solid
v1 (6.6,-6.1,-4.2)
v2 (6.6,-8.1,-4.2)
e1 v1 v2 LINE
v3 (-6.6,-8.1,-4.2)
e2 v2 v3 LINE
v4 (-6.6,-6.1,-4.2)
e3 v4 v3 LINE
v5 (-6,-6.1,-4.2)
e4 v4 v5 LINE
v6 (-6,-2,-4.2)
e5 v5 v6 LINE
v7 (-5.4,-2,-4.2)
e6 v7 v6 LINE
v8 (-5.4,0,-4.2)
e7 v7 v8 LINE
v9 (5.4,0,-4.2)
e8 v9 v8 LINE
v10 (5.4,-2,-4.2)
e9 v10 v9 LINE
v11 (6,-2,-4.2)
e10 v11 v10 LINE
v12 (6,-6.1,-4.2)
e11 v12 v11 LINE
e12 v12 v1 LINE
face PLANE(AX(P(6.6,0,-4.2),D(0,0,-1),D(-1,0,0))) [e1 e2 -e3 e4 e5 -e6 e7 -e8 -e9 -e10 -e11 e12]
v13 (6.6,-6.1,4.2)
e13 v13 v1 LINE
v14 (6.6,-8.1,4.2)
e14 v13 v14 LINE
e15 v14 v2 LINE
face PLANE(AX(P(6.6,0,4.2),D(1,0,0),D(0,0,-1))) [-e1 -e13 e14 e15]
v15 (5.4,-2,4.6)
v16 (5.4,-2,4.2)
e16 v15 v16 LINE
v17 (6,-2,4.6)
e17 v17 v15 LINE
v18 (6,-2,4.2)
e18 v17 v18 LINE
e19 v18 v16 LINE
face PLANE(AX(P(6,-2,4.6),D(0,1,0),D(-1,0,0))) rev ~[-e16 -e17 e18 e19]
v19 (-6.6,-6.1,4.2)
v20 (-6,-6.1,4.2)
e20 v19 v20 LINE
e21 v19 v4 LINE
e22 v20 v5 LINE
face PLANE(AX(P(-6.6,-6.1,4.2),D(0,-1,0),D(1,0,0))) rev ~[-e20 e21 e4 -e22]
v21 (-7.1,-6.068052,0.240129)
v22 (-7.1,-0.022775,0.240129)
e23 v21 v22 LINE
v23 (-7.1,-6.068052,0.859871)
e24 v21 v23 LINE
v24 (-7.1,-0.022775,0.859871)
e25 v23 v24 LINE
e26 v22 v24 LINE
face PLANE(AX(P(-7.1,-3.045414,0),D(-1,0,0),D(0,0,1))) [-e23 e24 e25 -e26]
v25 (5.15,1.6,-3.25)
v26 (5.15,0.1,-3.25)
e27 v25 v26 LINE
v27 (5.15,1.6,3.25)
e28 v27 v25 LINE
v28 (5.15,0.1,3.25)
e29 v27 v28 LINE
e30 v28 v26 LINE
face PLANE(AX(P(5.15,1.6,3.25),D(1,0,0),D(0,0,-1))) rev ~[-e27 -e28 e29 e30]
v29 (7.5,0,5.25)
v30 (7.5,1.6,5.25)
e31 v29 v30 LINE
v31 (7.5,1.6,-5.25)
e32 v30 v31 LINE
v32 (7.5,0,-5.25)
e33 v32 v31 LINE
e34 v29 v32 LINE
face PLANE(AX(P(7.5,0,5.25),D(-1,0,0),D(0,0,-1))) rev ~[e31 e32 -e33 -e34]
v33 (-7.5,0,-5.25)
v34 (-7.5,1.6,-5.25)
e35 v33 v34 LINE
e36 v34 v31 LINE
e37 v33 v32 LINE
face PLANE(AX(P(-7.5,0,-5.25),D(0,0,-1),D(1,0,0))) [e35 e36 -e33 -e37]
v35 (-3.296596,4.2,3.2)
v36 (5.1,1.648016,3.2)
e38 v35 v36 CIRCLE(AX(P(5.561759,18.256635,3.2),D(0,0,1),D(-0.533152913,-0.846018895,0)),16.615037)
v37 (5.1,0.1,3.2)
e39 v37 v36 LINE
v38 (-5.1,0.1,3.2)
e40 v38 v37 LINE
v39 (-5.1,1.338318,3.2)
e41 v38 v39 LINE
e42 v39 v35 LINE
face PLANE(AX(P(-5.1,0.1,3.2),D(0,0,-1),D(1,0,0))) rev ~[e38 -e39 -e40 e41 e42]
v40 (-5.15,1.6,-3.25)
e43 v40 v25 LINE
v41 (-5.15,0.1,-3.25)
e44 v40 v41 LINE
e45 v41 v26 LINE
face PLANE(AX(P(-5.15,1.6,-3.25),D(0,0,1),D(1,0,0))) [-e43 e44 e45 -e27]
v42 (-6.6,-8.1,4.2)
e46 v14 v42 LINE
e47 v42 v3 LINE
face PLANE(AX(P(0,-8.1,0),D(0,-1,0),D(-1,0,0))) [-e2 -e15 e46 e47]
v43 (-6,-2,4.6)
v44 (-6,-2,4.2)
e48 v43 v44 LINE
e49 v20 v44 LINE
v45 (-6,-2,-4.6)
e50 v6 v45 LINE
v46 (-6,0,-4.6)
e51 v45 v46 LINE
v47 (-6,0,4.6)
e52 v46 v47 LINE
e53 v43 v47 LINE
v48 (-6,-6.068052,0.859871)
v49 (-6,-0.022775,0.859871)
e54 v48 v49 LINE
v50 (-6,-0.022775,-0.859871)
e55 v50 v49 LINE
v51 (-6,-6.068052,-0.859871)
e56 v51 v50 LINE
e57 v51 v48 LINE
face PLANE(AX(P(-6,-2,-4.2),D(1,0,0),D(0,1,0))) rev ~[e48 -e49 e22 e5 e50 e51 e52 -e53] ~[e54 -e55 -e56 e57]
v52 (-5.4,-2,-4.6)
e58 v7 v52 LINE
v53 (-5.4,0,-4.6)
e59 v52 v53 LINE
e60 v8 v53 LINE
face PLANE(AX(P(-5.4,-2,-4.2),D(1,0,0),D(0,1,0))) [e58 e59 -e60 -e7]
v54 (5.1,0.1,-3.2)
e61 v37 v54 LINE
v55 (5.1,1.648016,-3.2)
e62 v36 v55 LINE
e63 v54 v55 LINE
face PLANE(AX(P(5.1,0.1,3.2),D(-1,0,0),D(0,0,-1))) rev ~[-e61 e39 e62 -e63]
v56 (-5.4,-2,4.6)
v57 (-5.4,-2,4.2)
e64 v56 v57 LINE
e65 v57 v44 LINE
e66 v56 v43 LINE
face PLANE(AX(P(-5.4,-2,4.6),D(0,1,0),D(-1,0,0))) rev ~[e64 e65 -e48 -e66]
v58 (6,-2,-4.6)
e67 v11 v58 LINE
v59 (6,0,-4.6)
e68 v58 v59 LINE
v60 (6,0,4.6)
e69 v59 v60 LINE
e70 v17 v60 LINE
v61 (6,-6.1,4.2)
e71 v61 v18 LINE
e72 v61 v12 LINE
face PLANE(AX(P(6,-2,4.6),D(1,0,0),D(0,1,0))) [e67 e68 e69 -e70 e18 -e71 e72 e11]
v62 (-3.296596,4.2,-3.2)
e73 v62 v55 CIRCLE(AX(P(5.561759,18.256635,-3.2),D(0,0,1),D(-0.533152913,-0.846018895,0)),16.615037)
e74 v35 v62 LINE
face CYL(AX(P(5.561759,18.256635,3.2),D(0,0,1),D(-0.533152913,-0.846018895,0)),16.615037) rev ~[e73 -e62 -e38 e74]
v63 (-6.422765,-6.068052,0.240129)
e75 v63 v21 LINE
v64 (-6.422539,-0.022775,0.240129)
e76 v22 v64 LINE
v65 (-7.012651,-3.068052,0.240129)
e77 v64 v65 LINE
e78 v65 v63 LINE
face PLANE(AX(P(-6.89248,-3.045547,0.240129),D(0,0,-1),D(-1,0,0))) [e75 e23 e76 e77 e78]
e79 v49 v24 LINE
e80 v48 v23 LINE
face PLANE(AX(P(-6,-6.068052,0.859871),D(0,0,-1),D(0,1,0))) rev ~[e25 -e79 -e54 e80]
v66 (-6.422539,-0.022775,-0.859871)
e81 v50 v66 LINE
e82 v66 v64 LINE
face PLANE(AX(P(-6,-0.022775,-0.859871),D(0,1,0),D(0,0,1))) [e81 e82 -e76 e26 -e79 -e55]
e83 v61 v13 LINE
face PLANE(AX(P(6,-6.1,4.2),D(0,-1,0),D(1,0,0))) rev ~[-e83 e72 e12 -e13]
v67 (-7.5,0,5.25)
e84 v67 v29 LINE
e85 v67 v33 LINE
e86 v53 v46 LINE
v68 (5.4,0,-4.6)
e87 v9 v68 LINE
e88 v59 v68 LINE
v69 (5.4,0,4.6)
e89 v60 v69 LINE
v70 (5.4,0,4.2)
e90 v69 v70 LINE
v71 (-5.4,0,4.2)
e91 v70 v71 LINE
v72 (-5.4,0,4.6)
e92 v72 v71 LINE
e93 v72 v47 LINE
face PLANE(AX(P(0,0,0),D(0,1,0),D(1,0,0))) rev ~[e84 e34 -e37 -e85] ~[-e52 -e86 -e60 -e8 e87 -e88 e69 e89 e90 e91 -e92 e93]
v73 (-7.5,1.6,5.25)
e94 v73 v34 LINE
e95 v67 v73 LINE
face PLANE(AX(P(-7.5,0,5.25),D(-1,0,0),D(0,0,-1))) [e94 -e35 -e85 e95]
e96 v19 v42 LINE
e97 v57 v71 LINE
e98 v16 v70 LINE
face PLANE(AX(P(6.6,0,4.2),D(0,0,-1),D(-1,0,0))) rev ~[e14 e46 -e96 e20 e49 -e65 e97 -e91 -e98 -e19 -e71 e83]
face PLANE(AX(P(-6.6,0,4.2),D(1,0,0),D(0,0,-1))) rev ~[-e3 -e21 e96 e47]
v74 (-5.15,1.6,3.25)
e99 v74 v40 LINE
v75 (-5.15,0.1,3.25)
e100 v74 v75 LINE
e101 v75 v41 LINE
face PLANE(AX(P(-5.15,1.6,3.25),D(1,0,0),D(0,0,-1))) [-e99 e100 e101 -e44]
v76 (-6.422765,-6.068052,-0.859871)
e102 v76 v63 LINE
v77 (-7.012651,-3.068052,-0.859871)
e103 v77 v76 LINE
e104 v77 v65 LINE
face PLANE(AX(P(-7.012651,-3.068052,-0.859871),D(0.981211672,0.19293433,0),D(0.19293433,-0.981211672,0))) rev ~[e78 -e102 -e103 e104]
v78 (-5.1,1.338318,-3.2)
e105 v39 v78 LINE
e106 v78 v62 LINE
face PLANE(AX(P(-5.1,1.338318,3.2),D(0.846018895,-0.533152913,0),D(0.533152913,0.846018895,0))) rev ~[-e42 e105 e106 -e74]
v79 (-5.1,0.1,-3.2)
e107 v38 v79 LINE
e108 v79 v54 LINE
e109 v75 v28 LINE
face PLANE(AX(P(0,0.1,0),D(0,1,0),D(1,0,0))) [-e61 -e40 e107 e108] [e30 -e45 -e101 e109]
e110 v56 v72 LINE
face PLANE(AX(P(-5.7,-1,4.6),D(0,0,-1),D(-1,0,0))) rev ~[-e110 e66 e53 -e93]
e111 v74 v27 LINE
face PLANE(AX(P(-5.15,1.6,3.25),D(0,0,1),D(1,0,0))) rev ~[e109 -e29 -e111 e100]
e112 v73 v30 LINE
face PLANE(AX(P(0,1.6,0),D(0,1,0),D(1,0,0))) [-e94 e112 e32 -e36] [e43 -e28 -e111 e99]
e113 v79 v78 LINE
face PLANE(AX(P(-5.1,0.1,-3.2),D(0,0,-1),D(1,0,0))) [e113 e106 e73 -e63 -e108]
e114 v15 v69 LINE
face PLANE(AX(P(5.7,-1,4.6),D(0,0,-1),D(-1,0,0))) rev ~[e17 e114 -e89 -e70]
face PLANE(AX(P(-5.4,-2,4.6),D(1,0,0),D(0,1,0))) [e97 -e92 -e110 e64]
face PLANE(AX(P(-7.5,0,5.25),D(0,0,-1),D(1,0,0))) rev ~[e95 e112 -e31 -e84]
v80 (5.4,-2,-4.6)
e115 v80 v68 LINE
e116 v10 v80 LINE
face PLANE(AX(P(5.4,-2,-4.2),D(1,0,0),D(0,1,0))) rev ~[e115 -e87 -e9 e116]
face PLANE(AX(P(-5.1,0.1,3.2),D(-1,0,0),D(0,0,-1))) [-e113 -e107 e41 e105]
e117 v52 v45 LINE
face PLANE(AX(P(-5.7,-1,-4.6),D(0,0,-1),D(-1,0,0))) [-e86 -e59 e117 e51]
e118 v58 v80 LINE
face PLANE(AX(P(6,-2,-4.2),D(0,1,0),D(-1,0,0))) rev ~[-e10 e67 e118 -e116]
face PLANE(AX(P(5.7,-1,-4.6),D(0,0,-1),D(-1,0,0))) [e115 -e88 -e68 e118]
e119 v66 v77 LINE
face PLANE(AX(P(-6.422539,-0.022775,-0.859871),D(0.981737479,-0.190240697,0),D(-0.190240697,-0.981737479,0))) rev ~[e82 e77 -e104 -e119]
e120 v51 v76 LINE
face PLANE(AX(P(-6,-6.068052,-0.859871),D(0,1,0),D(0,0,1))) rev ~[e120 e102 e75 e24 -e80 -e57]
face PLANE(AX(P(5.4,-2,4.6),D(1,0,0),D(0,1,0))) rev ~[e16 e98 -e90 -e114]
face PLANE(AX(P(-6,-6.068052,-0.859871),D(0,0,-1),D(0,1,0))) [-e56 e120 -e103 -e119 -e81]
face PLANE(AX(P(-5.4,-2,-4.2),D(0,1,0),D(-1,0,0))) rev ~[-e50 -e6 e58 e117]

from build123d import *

# Parameters (mm, degrees)
SKETCH1_W           = 15
SKETCH1_H           = 10.5
BOSS_EXTRUDE1_DEPTH = 1.6
SKETCH2_W           = 10.3
SKETCH2_H           = 6.5
CUT_EXTRUDE1_DEPTH  = 1.5
SKETCH3_W           = 10.2
SKETCH3_H           = 6.4
BOSS_EXTRUDE2_DEPTH = 4.1
CUT_EXTRUDE4_DEPTH  = 6.4
SKETCH8_W           = 13.2
SKETCH8_H           = 8.4
BOSS_EXTRUDE5_DEPTH = 8.1
SKETCH9_W           = 0.6
SKETCH9_H           = 6.1
CUT_EXTRUDE30_DEPTH = 8.4
SKETCH10_W          = 0.6
SKETCH10_H          = 2
BOSS_EXTRUDE7_DEPTH = 0.4
LPATTERN3_COUNT     = 2
LPATTERN3_PITCH     = 8.8
SKETCH12_W          = 1.719741978
SKETCH12_H          = 6.045276093
BOSS_EXTRUDE8_DEPTH = 1.1
CUT_EXTRUDE42_DEPTH = 1.1


with BuildPart() as part:
    # Sketch1 → Boss-Extrude1 (new body)
    with BuildSketch(Plane(origin=(0, 0, 0), x_dir=(1, 0, 0), z_dir=(0, 1, 0))):
        Rectangle(SKETCH1_W, SKETCH1_H)
    extrude(amount=BOSS_EXTRUDE1_DEPTH)

    # Sketch2 → Cut-Extrude1 (cut)
    with BuildSketch(Plane(origin=(0, 1.6, 0), x_dir=(1, 0, 0), z_dir=(0, 1, 0))):
        Rectangle(SKETCH2_W, SKETCH2_H)
    extrude(amount=-CUT_EXTRUDE1_DEPTH, mode=Mode.SUBTRACT)

    # Sketch3 → Boss-Extrude2 (add)
    with BuildSketch(Plane(origin=(0, 0.1, 0), x_dir=(1, 0, 0), z_dir=(0, 1, 0))):
        Rectangle(SKETCH3_W, SKETCH3_H)
    extrude(amount=BOSS_EXTRUDE2_DEPTH)

    # Sketch4 → Cut-Extrude4 (cut)
    with BuildSketch(Plane.XY.offset(3.2)):
        Polygon((-5.1, 4.2), (-5.1, 1.33831827), (-3.296595892, 4.2), align=None)
        with BuildLine():
            Line((5.1, 4.2), (-3.296595892, 4.2))
            ThreePointArc((-3.296595892, 4.2), (0.730166495, 2.35961781), (5.1, 1.648016048))
            Line((5.1, 1.648016048), (5.1, 4.2))
        make_face()
    extrude(amount=-CUT_EXTRUDE4_DEPTH, mode=Mode.SUBTRACT)



with BuildPart() as body_2:
    # Sketch8 → Boss-Extrude5 (new body)
    with BuildSketch(Plane(origin=(0, 0, 0), x_dir=(-1, 0, 0), z_dir=(0, -1, 0))):
        Rectangle(SKETCH8_W, SKETCH8_H)
    extrude(amount=BOSS_EXTRUDE5_DEPTH)

    # Sketch9 → Cut-Extrude30 (cut)
    with BuildSketch(Plane.XY.offset(4.2)):
        with Locations((-6.3, -3.05)):
            Rectangle(SKETCH9_W, SKETCH9_H)
        with Locations((6.3, -3.05)):
            Rectangle(SKETCH9_W, SKETCH9_H)
    extrude(amount=-CUT_EXTRUDE30_DEPTH, mode=Mode.SUBTRACT)


with BuildPart() as part_1:
    add(part.part)

    add(body_2.part)  # Boss-Extrude7 merges body 2
    # Sketch10 → Boss-Extrude7 (add)
    with BuildSketch(Plane(origin=(0, 0, -4.2), x_dir=(-1, 0, 0), z_dir=(0, 0, -1))):
        with Locations((-5.7, -1)):
            Rectangle(SKETCH10_W, SKETCH10_H)
        with Locations((5.7, -1)):
            Rectangle(SKETCH10_W, SKETCH10_H)
    boss_extrude7 = extrude(amount=BOSS_EXTRUDE7_DEPTH)

    # LPattern3: Boss-Extrude7 ×2
    with Locations(*[(0, 0, i * LPATTERN3_PITCH) for i in range(1, LPATTERN3_COUNT)]):
        add(boss_extrude7)

    # Sketch12 → Boss-Extrude8 (add)
    with BuildSketch(Plane.ZY.offset(6)):
        with Locations((0, -3.045413524)):
            Rectangle(SKETCH12_W, SKETCH12_H)
    extrude(amount=BOSS_EXTRUDE8_DEPTH)

    # Sketch14 → Cut-Extrude42 (cut)
    with BuildSketch(Plane(origin=(0, 0, -0.859870989), x_dir=(-1, 0, 0), z_dir=(0, 0, -1))):
        Polygon((7.1, -0.022775477), (6.422538679, -0.022775477), (7.012651067, -3.06805157), (6.422765107, -6.06805157), (7.1, -6.06805157), align=None)
    extrude(amount=-CUT_EXTRUDE42_DEPTH, mode=Mode.SUBTRACT)


solid = part_1.part
